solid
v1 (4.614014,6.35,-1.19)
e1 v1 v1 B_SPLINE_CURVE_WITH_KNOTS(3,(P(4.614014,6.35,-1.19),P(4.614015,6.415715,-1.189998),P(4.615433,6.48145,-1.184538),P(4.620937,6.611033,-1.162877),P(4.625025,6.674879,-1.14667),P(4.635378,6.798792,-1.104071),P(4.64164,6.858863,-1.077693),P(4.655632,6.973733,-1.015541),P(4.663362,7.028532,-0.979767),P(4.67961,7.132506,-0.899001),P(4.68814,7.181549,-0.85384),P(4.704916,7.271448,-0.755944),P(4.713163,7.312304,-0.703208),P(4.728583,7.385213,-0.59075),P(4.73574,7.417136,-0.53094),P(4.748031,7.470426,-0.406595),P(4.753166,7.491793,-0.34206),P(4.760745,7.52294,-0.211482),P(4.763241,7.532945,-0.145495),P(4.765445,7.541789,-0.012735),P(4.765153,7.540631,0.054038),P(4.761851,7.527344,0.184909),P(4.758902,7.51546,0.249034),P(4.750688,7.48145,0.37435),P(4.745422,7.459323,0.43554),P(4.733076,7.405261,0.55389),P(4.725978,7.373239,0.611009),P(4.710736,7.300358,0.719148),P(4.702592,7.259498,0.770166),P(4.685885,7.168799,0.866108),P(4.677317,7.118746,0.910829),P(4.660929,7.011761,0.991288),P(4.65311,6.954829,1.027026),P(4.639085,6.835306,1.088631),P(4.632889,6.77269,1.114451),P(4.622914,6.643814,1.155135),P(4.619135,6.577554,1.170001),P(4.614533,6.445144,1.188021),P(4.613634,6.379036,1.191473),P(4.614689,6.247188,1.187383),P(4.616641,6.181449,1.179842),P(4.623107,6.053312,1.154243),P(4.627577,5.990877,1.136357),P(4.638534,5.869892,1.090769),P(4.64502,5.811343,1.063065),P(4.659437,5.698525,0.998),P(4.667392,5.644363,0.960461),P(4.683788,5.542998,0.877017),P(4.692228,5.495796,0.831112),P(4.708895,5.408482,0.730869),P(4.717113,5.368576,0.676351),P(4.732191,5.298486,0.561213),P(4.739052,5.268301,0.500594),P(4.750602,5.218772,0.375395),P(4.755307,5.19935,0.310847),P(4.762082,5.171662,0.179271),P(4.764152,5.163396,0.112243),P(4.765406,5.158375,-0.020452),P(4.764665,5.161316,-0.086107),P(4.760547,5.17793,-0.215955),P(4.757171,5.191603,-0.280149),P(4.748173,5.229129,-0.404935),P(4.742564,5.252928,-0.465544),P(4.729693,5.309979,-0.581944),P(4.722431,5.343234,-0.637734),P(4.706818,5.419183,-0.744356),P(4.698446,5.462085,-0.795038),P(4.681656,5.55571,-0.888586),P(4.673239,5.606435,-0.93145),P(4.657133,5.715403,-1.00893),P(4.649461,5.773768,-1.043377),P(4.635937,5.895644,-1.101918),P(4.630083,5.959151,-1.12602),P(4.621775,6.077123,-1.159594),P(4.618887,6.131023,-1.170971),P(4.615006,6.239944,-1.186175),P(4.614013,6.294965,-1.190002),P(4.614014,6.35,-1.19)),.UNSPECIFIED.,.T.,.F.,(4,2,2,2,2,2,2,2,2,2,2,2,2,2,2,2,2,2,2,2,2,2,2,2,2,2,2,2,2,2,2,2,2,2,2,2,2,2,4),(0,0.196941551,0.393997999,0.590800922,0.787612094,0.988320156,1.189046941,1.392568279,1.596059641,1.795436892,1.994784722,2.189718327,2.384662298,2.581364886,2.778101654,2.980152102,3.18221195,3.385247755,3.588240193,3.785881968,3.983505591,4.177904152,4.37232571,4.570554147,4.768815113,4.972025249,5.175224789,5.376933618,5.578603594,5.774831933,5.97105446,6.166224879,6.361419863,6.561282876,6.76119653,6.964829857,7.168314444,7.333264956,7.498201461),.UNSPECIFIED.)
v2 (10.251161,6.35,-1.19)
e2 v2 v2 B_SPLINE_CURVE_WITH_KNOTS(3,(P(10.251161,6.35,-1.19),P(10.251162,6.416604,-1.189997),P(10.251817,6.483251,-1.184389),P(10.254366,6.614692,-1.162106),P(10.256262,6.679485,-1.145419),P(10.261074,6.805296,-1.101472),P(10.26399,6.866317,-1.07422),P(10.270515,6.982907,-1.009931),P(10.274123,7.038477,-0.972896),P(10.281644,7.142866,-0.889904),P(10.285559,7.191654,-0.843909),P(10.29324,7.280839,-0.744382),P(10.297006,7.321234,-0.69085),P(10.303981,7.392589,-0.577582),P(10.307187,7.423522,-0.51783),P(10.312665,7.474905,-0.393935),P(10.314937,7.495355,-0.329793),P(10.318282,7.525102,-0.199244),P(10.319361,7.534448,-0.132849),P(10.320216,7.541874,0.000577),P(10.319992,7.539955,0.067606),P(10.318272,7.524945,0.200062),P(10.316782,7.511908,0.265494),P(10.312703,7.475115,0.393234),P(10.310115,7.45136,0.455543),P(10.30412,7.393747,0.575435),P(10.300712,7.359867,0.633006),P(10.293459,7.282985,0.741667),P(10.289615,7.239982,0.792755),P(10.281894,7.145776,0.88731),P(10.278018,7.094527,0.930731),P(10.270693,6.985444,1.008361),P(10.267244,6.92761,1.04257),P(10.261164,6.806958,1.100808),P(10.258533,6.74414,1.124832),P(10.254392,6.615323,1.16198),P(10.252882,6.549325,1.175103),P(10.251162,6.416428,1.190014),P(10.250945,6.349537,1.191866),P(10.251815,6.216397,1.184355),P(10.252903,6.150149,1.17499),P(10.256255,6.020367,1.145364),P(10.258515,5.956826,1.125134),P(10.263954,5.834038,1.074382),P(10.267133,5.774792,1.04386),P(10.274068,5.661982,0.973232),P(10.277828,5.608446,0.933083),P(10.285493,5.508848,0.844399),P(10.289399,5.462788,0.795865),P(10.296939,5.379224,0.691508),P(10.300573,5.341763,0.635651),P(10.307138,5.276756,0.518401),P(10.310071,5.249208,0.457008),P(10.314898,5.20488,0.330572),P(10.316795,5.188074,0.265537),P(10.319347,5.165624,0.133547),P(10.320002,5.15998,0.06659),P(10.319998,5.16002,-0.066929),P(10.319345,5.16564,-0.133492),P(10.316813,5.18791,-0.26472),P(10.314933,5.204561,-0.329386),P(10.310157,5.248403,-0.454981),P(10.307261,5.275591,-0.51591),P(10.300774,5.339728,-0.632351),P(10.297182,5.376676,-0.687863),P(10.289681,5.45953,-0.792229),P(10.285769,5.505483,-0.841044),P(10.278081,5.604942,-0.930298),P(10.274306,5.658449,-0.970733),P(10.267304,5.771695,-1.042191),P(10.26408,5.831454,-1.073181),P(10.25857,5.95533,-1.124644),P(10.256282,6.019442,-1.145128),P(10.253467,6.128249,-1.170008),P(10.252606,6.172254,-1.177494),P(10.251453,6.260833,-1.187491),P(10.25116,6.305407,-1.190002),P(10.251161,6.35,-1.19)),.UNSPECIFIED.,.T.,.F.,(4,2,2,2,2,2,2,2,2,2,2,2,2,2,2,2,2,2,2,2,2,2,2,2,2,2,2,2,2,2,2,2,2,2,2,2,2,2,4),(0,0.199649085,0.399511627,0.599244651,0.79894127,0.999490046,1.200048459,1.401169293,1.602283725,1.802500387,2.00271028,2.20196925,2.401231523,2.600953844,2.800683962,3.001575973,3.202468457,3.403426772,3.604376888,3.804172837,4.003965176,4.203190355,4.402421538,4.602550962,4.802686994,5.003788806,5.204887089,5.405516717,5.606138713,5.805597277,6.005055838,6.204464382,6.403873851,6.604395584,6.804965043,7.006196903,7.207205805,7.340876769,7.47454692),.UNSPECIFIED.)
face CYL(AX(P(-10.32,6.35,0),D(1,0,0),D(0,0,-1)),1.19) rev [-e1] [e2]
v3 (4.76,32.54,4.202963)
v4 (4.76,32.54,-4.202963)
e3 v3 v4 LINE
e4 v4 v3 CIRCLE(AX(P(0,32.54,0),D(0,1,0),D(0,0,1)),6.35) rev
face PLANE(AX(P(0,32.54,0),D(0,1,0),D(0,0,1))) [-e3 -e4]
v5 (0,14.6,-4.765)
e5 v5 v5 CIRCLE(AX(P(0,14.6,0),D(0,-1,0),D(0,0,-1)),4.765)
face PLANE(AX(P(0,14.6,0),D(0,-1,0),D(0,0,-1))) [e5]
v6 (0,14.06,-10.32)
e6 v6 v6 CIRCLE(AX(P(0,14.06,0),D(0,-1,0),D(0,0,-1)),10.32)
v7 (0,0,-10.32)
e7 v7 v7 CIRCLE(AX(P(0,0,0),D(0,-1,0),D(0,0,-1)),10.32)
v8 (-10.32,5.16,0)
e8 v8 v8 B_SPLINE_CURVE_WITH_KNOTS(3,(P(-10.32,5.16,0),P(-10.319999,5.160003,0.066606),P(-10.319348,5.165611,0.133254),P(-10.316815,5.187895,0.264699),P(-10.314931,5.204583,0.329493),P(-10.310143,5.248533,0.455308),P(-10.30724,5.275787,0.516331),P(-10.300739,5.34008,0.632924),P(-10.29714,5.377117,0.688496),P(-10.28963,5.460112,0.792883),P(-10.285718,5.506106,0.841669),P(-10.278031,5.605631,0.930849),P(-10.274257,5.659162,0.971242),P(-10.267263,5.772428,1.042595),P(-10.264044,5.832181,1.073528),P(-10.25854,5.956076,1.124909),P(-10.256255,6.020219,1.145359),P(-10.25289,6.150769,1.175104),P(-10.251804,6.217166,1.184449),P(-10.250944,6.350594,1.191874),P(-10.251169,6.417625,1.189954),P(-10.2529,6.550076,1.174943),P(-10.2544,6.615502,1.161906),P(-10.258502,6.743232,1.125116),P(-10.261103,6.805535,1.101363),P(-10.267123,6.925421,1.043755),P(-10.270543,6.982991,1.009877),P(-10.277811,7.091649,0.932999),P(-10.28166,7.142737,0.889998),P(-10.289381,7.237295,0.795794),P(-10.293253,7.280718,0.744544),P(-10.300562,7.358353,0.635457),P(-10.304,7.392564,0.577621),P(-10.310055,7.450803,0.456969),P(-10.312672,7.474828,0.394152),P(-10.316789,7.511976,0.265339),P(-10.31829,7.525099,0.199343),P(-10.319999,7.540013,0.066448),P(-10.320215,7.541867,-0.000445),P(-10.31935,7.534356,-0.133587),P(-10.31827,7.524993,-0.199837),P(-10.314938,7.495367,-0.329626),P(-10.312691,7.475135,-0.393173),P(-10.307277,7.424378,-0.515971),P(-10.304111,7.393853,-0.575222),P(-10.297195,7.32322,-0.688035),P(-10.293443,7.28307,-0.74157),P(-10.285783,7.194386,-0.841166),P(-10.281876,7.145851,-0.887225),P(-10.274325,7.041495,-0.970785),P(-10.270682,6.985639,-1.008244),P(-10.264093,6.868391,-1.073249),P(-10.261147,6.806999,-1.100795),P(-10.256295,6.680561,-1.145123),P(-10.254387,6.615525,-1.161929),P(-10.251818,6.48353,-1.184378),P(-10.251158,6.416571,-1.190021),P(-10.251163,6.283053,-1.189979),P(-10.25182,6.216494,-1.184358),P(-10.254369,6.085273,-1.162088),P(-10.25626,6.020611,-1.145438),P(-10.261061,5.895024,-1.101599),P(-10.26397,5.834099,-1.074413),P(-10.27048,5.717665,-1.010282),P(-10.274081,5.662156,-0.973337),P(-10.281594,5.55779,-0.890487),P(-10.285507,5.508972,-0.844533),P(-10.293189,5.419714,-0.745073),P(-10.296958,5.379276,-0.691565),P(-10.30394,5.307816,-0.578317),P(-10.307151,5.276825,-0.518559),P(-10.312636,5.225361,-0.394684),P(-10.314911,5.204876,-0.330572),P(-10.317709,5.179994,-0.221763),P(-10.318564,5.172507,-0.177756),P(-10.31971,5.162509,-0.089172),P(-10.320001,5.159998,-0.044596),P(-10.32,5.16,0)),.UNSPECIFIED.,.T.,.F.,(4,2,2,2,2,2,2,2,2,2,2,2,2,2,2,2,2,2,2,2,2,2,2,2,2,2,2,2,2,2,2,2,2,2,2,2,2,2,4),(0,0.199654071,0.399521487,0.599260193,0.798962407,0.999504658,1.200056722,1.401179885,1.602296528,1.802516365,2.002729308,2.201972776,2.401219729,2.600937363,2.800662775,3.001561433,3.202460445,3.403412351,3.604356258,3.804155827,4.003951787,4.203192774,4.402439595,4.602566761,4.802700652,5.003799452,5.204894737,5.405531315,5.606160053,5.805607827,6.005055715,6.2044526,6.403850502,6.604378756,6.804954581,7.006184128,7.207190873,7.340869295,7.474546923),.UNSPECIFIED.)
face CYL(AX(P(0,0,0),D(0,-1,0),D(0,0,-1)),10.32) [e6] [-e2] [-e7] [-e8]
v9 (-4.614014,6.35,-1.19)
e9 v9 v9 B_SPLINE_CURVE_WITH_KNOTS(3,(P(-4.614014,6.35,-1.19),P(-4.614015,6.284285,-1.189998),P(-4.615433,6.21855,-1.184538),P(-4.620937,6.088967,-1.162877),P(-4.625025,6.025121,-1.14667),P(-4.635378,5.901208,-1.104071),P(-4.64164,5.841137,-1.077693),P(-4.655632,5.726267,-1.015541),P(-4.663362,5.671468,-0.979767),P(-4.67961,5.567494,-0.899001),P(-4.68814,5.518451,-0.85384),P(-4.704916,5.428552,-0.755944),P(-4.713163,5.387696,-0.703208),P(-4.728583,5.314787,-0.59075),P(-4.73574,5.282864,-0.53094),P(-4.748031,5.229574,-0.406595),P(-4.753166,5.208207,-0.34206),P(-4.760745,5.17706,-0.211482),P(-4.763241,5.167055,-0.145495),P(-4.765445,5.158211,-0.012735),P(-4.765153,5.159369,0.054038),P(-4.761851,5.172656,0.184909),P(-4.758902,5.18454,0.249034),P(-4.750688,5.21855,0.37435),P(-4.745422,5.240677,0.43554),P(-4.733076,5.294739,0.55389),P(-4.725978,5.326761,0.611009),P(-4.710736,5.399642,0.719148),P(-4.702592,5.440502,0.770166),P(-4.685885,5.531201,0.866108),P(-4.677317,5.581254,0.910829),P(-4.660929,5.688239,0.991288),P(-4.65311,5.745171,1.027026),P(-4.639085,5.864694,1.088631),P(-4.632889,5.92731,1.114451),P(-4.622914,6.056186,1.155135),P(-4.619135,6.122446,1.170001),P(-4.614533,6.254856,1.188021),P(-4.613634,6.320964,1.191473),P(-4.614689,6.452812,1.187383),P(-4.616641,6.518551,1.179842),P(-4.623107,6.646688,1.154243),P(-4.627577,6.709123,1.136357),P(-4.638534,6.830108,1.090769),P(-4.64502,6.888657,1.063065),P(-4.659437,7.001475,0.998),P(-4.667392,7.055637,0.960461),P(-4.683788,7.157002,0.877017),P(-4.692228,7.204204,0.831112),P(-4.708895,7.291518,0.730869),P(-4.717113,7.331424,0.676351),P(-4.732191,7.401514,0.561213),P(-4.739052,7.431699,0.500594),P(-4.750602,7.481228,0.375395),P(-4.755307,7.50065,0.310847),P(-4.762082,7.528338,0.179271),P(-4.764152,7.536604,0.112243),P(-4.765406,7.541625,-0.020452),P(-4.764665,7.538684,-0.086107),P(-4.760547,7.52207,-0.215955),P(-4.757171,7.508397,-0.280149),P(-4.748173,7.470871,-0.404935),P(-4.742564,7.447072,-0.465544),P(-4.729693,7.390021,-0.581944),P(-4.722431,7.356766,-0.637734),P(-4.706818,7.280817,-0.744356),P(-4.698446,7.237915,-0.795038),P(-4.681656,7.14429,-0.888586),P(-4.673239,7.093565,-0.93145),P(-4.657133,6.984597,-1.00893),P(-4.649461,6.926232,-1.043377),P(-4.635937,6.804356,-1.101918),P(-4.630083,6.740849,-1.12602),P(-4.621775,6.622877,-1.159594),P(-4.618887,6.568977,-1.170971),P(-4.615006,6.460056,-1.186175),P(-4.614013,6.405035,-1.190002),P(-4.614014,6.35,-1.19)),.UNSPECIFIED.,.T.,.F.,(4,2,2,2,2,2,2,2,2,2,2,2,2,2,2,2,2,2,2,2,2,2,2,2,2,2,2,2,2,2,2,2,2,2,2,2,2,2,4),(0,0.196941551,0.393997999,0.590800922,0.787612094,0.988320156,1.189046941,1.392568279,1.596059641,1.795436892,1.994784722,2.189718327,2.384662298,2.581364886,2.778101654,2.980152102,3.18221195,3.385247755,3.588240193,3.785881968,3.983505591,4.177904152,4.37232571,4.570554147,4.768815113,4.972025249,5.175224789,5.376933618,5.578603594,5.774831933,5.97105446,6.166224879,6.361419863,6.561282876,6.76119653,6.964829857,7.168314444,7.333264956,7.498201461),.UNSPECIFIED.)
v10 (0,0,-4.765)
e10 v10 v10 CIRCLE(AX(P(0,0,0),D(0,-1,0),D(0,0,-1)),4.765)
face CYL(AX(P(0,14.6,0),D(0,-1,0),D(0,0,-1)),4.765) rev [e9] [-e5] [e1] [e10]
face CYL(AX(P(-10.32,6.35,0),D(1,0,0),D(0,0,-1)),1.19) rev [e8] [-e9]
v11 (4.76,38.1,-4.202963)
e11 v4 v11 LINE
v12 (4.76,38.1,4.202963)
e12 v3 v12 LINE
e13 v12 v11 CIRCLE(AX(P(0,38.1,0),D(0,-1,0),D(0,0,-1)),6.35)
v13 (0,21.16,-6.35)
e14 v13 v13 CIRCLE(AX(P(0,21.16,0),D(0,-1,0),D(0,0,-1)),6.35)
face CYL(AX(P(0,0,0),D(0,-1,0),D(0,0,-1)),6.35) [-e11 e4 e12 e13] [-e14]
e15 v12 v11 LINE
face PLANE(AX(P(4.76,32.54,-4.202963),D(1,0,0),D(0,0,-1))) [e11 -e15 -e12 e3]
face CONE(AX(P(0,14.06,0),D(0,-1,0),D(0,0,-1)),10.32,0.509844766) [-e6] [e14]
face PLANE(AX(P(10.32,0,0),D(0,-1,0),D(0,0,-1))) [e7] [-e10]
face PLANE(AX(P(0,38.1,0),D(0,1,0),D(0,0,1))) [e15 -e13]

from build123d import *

# Parameters (mm, degrees)
SKETCH2_OUTSIDE_W       = 32.24
SKETCH2_OUTSIDE_H       = 32.24
CUT_EXTRUDE2_DEPTH      = 5.56
SKETCH3_R               = 4.765
CUT_EXTRUDE3_DEPTH      = 14.6
CUT_EXTRUDE4_DEPTH      = 41.799691175
CUT_EXTRUDE4_DEPTH_BACK = 41.799691175
SKETCH4_R               = 1.19


with BuildPart() as part:
    # Sketch1 → Revolve1 (revolve)
    with BuildSketch(Plane.XY, mode=Mode.PRIVATE) as revolve1_sk:
        Polygon((0, 0), (0, 38.1), (6.35, 38.1), (6.35, 21.16), (10.32, 14.06), (10.32, 0), align=None)
    revolve(revolve1_sk.sketch.rotate(Axis((0, 0, 0), (0, 1, 0)), 90), axis=Axis((0, 0, 0), (0, 1, 0)))

    # Sketch2 outside → Cut-Extrude2 (cut)
    with BuildSketch(Plane(origin=(0, 38.1, 0), x_dir=(1, 0, 0), z_dir=(0, 1, 0))):
        Rectangle(SKETCH2_OUTSIDE_W, SKETCH2_OUTSIDE_H)
        with BuildLine():
            Line((4.76, 4.20296324), (4.76, -4.20296324))
            ThreePointArc((4.76, -4.20296324), (-6.35, 0), (4.76, 4.20296324))
        make_face(mode=Mode.SUBTRACT)
    extrude(amount=-CUT_EXTRUDE2_DEPTH, mode=Mode.SUBTRACT)

    # Sketch3 → Cut-Extrude3 (cut)
    with BuildSketch(Plane.XZ):
        with Locations(Location((0, 0, 0), (0, 0, 270))):
            Circle(SKETCH3_R)
    extrude(amount=-CUT_EXTRUDE3_DEPTH, mode=Mode.SUBTRACT)

    # Sketch4 → Cut-Extrude4 (cut, two sides: drawn at the far end of the back side and taken through both)
    with BuildSketch(Plane(origin=(0, 0, 0), x_dir=(0, 0, -1), z_dir=(1, 0, 0)).offset(-CUT_EXTRUDE4_DEPTH_BACK)):
        with Locations((0, 6.35)):
            Circle(SKETCH4_R)
    extrude(amount=CUT_EXTRUDE4_DEPTH + CUT_EXTRUDE4_DEPTH_BACK, mode=Mode.SUBTRACT)


solid = part.part
